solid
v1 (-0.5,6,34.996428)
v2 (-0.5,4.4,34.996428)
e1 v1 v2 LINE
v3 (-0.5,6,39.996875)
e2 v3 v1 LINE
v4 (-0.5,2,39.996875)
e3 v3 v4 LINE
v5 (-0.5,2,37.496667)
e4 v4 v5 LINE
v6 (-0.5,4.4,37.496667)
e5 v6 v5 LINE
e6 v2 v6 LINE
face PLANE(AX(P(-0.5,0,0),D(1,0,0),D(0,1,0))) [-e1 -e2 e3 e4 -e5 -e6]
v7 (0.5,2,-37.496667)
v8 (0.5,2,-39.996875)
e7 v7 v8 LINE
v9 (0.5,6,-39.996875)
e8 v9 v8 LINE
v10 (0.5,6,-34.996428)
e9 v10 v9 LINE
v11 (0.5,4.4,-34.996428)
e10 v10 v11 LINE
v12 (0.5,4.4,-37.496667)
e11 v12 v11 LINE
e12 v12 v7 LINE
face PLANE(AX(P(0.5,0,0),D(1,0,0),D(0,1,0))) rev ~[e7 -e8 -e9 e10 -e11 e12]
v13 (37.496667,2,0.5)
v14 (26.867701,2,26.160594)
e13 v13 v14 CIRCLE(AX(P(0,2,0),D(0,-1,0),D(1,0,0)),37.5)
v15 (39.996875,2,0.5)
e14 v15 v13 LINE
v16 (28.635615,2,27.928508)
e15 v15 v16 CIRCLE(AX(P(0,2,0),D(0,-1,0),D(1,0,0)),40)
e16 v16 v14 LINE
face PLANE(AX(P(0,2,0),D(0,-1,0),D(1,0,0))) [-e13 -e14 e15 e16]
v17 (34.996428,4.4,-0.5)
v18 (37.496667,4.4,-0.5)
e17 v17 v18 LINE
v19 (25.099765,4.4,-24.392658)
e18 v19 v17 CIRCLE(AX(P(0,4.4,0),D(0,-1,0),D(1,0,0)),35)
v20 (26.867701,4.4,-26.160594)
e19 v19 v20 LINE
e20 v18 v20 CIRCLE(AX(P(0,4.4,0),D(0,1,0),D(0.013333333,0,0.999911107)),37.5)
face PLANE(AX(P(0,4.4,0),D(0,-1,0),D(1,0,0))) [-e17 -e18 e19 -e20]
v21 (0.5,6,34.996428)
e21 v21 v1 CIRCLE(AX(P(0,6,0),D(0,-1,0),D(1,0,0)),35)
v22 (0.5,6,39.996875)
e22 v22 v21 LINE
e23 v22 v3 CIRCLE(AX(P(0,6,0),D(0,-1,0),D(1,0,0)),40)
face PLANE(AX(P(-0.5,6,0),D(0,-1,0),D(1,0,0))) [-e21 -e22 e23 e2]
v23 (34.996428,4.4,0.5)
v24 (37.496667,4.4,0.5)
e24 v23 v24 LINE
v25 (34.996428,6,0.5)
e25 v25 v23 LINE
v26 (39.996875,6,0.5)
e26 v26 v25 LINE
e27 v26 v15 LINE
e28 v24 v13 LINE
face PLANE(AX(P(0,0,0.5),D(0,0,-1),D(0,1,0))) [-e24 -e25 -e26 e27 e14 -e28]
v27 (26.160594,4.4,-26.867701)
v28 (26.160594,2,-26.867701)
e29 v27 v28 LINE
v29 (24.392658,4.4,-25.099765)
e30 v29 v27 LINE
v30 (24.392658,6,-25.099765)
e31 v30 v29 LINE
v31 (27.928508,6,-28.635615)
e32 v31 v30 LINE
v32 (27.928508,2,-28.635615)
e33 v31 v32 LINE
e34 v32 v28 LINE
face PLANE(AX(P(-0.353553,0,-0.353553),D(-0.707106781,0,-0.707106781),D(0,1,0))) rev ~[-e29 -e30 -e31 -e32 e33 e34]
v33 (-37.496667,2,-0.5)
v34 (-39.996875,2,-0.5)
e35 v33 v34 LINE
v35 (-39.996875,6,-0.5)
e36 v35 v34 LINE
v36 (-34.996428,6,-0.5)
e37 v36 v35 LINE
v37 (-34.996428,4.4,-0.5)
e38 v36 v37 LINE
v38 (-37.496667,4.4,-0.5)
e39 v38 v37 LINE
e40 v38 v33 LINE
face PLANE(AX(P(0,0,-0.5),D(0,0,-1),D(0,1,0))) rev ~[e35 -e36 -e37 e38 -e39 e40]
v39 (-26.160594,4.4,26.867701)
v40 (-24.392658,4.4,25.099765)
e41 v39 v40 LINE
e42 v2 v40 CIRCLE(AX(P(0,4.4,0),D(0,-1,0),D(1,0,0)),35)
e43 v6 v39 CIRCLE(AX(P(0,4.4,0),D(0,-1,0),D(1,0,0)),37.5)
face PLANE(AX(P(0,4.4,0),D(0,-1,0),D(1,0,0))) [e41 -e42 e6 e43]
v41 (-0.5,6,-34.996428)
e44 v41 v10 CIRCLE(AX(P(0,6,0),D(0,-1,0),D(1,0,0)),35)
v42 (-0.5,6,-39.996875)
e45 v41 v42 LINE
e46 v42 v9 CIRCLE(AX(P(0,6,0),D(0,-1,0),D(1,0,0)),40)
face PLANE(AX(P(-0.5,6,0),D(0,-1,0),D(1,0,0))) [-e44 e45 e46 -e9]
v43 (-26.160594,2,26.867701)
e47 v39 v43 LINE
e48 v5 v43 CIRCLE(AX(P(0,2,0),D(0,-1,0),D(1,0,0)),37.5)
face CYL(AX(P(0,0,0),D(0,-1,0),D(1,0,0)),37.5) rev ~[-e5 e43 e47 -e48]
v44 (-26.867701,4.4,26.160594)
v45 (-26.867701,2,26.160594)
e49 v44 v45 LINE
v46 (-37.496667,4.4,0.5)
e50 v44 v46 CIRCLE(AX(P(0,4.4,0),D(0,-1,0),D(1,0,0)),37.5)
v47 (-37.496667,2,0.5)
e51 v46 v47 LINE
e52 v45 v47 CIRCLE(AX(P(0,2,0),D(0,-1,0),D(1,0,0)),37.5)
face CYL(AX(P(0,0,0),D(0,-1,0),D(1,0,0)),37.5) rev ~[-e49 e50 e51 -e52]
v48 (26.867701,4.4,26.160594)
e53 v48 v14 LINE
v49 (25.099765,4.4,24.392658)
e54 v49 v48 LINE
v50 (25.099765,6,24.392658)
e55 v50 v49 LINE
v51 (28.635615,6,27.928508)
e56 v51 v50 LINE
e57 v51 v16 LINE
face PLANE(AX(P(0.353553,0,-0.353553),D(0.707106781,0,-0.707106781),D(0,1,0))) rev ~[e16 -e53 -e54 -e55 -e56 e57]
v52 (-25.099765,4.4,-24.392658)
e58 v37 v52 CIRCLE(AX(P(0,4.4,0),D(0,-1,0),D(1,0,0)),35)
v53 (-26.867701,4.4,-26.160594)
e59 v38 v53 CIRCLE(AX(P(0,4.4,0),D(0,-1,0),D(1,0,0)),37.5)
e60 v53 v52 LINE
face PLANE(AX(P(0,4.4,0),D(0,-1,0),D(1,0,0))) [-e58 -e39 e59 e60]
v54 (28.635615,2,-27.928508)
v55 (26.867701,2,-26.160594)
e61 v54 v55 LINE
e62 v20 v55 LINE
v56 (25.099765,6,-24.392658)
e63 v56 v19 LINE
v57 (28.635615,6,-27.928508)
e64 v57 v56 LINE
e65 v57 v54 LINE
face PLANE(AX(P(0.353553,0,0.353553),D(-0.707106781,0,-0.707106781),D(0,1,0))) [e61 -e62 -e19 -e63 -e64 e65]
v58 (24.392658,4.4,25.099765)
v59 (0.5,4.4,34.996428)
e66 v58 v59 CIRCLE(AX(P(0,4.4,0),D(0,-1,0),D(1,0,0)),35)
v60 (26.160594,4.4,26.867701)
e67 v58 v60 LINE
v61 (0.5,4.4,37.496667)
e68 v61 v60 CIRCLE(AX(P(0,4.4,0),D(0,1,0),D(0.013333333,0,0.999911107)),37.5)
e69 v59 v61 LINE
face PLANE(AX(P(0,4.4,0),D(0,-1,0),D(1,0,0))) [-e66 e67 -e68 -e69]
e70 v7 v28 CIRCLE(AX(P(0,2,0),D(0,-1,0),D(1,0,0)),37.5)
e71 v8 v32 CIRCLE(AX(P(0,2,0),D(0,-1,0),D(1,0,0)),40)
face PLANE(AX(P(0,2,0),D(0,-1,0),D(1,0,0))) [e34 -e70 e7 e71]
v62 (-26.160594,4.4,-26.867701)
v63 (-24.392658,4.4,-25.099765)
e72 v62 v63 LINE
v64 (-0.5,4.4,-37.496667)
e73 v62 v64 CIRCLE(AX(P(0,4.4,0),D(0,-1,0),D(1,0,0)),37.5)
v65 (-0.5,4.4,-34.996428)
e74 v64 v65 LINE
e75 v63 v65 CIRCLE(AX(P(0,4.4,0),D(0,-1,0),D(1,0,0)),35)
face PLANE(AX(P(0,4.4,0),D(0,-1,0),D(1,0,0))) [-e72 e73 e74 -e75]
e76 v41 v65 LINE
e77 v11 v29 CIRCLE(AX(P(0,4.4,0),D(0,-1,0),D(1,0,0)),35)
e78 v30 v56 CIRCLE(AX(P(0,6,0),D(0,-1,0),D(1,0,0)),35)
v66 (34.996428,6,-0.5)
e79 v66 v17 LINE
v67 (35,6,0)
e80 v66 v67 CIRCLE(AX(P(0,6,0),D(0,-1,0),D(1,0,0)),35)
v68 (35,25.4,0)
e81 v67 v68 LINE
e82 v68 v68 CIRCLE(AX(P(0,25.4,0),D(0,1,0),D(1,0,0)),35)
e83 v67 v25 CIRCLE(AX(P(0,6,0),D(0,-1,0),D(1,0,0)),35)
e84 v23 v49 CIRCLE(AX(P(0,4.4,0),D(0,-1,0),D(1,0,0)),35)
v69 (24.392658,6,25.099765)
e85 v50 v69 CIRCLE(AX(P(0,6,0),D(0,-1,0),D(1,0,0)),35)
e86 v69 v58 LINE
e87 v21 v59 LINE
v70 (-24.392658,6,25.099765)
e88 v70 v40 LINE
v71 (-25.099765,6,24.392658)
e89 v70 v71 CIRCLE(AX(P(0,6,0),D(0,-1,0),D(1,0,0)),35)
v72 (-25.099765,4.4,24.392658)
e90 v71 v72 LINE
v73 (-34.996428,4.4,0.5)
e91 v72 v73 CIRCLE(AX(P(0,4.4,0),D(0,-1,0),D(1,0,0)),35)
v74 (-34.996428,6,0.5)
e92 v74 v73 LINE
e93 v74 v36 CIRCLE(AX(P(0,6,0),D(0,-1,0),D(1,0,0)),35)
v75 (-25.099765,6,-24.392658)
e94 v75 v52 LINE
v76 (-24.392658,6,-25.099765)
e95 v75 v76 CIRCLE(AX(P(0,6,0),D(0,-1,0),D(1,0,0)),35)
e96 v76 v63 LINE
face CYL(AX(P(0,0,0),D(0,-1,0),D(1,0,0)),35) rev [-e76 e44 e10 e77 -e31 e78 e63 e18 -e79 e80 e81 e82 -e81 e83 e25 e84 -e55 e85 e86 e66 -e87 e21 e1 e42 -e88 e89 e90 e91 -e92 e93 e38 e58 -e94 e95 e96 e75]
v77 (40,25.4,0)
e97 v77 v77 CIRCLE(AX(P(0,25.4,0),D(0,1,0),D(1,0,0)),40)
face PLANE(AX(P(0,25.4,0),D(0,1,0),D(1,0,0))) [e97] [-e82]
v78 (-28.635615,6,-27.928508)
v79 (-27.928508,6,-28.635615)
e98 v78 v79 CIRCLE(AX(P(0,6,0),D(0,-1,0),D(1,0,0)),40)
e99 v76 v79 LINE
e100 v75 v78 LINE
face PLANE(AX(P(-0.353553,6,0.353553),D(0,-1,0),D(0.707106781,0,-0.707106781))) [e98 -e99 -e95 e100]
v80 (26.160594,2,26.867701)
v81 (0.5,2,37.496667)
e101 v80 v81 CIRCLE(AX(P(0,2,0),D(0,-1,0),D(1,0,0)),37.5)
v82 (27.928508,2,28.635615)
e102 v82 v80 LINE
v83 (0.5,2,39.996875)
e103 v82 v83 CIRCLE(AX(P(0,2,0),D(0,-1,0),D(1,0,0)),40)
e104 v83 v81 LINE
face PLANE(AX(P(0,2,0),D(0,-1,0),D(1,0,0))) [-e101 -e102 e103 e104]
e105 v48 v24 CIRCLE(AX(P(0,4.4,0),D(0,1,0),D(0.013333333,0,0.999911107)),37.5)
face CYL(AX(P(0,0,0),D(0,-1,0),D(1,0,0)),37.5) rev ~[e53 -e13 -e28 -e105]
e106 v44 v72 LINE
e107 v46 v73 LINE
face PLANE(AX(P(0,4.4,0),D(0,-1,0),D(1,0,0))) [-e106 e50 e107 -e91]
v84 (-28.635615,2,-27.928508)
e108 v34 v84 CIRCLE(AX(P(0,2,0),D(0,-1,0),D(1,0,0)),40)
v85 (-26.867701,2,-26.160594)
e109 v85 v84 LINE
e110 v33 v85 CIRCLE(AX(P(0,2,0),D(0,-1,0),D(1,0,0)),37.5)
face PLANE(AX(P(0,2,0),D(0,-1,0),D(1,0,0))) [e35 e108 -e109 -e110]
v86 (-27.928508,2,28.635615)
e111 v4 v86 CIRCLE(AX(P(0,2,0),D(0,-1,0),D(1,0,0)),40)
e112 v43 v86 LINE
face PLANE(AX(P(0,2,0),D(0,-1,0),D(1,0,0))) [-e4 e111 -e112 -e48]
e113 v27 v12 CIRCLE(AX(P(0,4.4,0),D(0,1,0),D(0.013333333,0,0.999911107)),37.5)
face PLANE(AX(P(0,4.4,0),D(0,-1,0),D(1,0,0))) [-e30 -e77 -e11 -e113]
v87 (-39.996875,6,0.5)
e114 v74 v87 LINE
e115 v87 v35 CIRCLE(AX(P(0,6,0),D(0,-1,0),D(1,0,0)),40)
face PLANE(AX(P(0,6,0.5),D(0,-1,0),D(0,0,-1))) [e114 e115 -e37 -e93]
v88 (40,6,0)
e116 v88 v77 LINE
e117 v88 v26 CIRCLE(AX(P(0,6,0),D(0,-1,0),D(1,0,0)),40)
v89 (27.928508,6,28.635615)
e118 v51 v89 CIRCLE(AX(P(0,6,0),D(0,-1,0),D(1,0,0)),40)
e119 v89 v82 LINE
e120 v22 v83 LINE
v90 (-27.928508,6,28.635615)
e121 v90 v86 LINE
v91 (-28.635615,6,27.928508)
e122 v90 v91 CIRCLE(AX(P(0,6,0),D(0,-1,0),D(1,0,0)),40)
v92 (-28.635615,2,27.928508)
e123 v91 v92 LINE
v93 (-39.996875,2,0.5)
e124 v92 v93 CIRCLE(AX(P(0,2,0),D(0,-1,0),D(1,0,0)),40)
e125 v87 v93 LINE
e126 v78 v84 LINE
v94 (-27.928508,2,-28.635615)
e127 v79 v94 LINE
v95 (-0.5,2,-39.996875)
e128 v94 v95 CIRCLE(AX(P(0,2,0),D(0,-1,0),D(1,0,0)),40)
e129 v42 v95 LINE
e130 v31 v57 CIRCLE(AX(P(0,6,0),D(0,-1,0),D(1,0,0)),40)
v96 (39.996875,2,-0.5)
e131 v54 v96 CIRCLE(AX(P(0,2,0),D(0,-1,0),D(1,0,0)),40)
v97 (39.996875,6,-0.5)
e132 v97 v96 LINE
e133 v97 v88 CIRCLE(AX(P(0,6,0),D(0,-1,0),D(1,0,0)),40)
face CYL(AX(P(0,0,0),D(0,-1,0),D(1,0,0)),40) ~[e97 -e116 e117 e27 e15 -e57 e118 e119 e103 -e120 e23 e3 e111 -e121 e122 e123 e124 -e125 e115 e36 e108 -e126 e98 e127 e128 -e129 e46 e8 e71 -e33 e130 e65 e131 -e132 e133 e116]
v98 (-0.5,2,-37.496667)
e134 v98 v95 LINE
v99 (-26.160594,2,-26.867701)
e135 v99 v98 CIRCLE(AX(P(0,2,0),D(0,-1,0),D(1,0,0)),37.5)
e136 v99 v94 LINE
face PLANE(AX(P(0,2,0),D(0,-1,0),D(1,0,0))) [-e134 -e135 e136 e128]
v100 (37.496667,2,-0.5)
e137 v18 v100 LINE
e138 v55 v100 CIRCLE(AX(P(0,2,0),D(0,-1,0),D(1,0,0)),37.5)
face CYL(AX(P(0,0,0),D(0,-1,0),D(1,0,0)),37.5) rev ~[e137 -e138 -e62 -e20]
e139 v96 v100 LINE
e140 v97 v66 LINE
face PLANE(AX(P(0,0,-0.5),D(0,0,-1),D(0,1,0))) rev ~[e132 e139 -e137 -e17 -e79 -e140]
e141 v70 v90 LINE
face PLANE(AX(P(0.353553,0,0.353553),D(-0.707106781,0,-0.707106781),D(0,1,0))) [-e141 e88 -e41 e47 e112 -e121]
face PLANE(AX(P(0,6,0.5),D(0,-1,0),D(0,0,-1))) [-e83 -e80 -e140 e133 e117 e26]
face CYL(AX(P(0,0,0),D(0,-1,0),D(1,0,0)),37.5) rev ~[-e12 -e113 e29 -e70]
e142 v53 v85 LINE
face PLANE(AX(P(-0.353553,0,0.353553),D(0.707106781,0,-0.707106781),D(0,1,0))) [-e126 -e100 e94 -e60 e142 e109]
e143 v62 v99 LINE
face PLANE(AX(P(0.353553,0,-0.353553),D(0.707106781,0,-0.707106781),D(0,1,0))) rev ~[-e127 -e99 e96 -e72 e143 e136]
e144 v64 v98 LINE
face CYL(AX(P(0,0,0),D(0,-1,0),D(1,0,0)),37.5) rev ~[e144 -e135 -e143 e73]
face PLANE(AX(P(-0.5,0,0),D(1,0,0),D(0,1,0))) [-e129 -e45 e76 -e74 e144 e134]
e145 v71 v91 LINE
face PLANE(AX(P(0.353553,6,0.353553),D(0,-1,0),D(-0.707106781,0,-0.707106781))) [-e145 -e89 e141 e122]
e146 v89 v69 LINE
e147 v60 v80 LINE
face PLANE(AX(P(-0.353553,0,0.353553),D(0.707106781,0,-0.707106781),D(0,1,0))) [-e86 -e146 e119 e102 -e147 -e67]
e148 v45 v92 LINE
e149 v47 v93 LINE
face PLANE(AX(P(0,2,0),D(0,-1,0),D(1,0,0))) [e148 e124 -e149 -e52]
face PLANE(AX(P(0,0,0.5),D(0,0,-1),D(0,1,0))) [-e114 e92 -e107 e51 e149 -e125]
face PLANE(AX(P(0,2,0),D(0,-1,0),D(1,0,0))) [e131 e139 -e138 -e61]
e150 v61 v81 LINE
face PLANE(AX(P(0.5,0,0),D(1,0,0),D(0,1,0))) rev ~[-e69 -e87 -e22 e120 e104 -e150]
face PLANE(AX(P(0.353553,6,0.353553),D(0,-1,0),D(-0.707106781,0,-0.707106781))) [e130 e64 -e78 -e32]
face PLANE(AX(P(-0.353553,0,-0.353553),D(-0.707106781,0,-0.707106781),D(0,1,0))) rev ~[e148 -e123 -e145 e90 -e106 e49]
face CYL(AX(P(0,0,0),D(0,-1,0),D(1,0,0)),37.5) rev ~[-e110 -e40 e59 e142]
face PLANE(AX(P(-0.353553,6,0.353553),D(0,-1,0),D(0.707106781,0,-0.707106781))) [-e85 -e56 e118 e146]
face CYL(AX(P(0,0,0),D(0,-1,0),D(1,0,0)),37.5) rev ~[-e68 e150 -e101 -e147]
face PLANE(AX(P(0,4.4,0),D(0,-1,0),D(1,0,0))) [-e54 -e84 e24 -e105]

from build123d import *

# Parameters (mm, degrees)
SKETCH1_R           = 40
SKETCH1_R_2         = 35
BOSS_EXTRUDE1_DEPTH = 25.4
SKETCH2_R           = 37.5
SKETCH2_R_2         = 35
CUT_EXTRUDE1_DEPTH  = 4.4
SKETCH3_W           = 1
SKETCH3_H           = 6
CUT_EXTRUDE2_DEPTH  = 41
CIRPATTERN1_COUNT   = 4
CIRPATTERN1_ANGLE   = 135
SKETCH4_R           = 45.877575429
CUT_EXTRUDE3_DEPTH  = 2


with BuildPart() as part:
    # Sketch1 → Boss-Extrude1 (new body)
    with BuildSketch(Plane(origin=(0, 0, 0), x_dir=(1, 0, 0), z_dir=(0, 1, 0))):
        Circle(SKETCH1_R)
        Circle(SKETCH1_R_2, mode=Mode.SUBTRACT)
    extrude(amount=BOSS_EXTRUDE1_DEPTH)

    # Sketch2 → Cut-Extrude1 (cut)
    with BuildSketch(Plane.XZ):
        Circle(SKETCH2_R)
        Circle(SKETCH2_R_2, mode=Mode.SUBTRACT)
    extrude(amount=-CUT_EXTRUDE1_DEPTH, mode=Mode.SUBTRACT)

    # Sketch3 → Cut-Extrude2 (cut, symmetric)
    with BuildSketch(Plane.XY):
        with Locations((0, 3)):
            Rectangle(SKETCH3_W, SKETCH3_H)
    cut_extrude2 = extrude(amount=CUT_EXTRUDE2_DEPTH, both=True, mode=Mode.SUBTRACT)

    # CirPattern1: Cut-Extrude2 ×4 about axis
    cirpattern1_axis = Axis((0, 0, 0), (0, 1, 0))
    for i in range(1, CIRPATTERN1_COUNT):
        add(cut_extrude2.rotate(cirpattern1_axis, i * CIRPATTERN1_ANGLE / (CIRPATTERN1_COUNT - 1)), mode=Mode.SUBTRACT)

    # Sketch4 → Cut-Extrude3 (cut)
    with BuildSketch(Plane.XZ):
        Circle(SKETCH4_R)
    extrude(amount=-CUT_EXTRUDE3_DEPTH, mode=Mode.SUBTRACT)


solid = part.part
